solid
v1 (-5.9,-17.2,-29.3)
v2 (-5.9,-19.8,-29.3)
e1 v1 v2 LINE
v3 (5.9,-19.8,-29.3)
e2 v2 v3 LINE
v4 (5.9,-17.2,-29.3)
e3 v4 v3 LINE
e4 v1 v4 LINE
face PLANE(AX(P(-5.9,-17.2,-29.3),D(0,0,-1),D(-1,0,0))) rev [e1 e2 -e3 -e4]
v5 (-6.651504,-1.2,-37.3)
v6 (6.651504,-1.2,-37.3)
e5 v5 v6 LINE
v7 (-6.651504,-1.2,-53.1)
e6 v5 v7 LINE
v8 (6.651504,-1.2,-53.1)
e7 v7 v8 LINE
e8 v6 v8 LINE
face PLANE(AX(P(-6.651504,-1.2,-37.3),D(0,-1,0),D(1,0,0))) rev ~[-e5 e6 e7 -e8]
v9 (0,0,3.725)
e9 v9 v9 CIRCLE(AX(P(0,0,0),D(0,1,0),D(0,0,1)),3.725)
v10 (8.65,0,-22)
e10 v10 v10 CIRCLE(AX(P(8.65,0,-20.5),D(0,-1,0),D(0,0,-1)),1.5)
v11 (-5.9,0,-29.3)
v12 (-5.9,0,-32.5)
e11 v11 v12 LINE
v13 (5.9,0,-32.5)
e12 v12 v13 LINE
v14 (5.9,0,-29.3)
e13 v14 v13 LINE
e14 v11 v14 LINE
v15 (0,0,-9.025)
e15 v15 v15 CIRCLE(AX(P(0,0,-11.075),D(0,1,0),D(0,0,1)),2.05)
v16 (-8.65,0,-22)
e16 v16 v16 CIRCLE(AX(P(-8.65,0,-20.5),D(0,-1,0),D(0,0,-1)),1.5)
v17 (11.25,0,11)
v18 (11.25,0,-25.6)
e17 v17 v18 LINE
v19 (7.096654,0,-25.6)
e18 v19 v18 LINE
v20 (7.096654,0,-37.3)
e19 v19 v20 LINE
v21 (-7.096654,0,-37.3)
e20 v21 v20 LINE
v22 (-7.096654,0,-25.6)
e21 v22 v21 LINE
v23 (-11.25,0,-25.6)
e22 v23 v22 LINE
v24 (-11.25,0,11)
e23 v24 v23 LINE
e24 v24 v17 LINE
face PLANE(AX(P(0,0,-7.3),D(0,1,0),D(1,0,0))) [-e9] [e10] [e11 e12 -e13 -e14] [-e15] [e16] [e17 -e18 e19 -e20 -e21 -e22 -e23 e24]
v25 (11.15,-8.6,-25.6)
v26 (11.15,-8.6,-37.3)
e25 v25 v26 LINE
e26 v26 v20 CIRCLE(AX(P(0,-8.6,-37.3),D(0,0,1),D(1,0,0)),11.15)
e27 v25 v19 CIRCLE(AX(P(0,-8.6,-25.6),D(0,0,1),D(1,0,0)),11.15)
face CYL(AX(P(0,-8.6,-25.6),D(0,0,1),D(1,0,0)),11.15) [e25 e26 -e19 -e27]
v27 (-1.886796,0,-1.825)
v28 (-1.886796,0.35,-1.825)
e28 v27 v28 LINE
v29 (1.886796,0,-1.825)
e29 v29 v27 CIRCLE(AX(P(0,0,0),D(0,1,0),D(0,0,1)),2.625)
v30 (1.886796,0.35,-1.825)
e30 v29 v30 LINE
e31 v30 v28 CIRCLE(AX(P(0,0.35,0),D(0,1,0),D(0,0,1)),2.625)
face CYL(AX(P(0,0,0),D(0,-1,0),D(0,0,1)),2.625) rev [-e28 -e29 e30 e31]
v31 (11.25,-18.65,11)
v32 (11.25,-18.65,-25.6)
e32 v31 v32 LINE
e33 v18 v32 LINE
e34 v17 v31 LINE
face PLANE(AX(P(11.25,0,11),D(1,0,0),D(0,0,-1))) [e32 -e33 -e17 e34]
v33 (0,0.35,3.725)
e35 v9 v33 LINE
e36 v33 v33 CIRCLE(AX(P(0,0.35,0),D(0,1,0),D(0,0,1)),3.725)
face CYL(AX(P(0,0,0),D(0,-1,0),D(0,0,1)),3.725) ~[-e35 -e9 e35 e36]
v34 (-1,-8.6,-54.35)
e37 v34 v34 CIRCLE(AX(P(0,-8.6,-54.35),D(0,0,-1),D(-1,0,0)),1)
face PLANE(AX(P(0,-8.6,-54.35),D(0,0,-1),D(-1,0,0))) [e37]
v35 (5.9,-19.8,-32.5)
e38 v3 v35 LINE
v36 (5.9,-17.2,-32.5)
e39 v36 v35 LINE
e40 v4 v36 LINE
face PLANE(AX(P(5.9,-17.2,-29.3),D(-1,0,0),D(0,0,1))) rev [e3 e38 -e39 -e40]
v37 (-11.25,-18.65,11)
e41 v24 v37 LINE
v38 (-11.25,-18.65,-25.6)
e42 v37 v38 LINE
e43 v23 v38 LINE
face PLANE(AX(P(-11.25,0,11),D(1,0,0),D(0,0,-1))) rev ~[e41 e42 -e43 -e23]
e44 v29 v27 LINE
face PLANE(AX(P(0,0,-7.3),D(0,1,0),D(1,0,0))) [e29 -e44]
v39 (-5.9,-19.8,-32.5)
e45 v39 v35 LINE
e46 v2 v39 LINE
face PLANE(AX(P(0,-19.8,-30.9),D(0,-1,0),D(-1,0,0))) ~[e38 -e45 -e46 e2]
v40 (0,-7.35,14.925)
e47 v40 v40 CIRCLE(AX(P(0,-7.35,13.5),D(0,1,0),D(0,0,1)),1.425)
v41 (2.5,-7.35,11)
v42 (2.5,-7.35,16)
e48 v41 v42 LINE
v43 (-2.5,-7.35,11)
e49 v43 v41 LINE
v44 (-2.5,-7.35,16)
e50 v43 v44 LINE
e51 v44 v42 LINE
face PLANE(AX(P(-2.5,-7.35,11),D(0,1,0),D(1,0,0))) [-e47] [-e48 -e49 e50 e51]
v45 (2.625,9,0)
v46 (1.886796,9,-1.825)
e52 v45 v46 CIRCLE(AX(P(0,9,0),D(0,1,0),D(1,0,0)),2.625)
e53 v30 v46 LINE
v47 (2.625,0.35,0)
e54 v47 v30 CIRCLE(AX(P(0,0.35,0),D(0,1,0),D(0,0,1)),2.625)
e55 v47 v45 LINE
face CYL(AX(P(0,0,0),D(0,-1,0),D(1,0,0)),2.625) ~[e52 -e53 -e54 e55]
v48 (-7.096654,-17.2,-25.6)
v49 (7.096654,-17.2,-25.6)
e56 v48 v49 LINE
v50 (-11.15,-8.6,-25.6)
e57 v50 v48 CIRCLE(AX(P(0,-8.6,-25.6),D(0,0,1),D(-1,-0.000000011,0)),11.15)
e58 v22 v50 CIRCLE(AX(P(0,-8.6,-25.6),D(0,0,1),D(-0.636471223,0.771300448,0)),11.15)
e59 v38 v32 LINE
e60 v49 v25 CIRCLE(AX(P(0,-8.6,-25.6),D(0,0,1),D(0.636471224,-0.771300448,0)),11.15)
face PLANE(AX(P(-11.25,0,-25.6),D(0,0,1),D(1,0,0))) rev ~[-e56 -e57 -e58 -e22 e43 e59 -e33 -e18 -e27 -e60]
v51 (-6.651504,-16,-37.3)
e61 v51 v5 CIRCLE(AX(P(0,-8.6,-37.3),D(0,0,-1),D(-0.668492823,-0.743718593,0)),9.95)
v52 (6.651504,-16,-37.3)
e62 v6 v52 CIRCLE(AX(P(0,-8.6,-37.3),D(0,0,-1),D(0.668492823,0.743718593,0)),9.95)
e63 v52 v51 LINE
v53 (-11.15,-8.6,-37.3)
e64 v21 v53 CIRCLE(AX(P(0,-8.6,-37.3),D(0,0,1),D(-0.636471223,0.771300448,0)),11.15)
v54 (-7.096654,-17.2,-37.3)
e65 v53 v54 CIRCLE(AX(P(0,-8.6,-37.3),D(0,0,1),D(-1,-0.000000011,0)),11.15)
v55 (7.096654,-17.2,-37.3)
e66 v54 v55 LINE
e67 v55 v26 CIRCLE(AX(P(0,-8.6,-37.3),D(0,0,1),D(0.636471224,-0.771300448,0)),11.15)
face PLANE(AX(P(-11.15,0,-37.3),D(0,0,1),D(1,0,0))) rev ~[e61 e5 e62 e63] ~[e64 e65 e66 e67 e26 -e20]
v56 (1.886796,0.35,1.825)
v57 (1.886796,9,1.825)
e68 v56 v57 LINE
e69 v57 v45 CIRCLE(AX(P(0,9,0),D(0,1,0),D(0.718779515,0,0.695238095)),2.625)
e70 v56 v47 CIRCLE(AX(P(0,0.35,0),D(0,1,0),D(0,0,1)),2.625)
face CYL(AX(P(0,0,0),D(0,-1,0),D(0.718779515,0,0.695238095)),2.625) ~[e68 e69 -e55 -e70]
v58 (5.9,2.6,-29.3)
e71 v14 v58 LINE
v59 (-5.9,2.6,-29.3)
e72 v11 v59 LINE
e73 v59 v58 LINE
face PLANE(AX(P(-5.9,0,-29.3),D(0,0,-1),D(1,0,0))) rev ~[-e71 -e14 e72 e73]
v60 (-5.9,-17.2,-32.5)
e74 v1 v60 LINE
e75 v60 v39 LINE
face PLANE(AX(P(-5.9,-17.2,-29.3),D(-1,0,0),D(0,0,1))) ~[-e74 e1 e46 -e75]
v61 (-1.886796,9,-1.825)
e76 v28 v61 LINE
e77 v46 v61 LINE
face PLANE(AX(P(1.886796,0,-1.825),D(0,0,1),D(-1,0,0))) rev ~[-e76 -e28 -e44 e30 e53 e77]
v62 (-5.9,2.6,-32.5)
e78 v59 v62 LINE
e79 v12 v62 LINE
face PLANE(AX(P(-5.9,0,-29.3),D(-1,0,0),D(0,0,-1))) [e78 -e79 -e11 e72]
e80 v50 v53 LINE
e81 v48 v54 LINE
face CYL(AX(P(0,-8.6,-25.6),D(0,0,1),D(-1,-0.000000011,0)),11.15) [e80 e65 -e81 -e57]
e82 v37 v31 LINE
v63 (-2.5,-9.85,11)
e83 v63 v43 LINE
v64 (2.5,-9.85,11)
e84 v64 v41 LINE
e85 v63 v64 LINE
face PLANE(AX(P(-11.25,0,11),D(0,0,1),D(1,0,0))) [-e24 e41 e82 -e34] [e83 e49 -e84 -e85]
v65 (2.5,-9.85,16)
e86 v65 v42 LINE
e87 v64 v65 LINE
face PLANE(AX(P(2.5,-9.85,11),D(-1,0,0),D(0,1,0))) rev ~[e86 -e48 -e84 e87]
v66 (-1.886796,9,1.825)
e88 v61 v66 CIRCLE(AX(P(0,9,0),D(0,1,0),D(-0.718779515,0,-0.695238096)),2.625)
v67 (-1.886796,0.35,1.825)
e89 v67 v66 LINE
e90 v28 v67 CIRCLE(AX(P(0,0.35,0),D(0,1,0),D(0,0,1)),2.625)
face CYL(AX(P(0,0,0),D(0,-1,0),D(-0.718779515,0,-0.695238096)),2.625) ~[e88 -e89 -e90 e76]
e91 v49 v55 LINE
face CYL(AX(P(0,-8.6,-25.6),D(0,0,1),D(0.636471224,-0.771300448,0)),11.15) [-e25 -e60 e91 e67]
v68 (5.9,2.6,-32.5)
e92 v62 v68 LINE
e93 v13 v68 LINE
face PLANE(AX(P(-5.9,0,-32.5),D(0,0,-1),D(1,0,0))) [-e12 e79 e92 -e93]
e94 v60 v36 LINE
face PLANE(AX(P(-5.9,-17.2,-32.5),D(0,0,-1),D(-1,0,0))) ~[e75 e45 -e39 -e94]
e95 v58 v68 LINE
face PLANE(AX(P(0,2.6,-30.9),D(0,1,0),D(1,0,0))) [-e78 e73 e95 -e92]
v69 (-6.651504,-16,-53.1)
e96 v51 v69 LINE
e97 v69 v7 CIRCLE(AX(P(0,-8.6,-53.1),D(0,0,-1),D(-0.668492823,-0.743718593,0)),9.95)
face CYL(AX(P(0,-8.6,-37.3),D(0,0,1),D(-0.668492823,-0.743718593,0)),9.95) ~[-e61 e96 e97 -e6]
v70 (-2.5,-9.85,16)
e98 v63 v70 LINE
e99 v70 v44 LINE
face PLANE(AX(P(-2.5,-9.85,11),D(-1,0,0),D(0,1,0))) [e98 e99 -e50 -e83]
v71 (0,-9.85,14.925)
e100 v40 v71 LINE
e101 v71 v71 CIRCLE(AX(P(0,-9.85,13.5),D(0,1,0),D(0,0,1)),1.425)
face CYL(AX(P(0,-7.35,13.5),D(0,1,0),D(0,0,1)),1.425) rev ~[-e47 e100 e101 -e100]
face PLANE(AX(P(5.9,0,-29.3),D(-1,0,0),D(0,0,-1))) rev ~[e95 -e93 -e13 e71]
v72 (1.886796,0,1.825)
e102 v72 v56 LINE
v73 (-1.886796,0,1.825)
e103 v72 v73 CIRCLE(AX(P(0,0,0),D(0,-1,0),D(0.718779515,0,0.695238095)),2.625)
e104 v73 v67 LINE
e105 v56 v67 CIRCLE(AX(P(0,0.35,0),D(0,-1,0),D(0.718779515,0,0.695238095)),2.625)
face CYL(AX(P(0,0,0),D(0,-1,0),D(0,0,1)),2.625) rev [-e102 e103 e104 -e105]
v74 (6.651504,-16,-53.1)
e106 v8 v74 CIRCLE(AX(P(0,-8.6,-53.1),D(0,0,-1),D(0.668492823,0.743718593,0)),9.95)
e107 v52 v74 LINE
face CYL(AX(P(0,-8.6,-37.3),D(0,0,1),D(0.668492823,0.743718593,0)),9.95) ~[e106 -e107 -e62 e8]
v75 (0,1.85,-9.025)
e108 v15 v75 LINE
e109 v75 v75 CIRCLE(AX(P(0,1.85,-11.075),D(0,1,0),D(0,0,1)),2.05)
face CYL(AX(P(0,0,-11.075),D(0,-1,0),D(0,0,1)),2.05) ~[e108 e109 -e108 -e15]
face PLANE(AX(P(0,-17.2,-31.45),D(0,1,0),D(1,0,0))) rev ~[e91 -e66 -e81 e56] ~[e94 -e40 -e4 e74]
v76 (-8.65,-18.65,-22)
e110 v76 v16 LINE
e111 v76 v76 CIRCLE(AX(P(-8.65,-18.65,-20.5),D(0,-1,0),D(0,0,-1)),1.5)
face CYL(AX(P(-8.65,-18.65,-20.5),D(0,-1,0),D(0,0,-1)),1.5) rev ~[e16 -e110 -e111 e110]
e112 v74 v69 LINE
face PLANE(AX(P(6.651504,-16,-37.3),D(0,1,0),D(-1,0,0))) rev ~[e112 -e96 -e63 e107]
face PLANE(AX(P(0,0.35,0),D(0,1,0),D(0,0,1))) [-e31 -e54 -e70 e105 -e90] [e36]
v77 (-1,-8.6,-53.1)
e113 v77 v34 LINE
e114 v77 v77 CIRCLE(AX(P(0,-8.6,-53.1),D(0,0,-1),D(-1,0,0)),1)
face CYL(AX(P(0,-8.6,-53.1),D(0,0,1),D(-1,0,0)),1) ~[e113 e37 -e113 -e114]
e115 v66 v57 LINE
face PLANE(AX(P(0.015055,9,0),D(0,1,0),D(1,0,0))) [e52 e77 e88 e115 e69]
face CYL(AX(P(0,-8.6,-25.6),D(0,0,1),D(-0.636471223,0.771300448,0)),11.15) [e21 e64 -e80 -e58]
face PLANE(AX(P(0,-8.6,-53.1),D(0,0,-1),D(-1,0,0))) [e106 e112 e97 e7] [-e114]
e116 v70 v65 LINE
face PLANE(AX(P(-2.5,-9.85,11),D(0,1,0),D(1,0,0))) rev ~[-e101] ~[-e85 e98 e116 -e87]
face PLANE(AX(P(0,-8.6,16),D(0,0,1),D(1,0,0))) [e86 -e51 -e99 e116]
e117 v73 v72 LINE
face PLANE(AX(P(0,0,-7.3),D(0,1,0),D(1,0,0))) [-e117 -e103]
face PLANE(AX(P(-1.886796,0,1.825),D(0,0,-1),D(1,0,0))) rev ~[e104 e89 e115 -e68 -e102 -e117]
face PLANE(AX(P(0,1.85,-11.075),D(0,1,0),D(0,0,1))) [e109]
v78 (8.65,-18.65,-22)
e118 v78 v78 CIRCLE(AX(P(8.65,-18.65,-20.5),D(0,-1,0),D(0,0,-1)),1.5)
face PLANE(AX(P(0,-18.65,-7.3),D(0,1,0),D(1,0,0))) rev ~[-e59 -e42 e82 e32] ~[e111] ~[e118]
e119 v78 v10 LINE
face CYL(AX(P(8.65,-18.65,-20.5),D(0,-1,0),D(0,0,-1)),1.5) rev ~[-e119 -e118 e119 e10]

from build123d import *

# Parameters (mm, degrees)
SKETCH1_W           = 22.5
SKETCH1_H           = 36.6
BOSS_EXTRUDE1_DEPTH = 18.65
SKETCH1_3_W         = 22.3
SKETCH1_3_H         = 11.7
BOSS_EXTRUDE2_DEPTH = 17.2
SKETCH1_4_W         = 11.8
SKETCH1_4_H         = 3.2
BOSS_EXTRUDE3_DEPTH = 2.6
CUT_EXTRUDE1_REACH  = 44.59
BOSS_EXTRUDE4_DEPTH = 15.8
SKETCH5_R           = 1
BOSS_EXTRUDE5_DEPTH = 1.25
SKETCH6_W           = 5
SKETCH6_H           = 2.5
BOSS_EXTRUDE6_DEPTH = 5
CUT_EXTRUDE2_REACH  = 58.881
SKETCH7_R           = 1.425
SKETCH1_5_R         = 3.725
SKETCH1_5_R_2       = 2.625
BOSS_EXTRUDE7_DEPTH = 0.35
SKETCH1_6_R         = 2.05
BOSS_EXTRUDE8_DEPTH = 1.85
BOSS_EXTRUDE9_DEPTH = 9
CUT_EXTRUDE3_REACH  = 64.008
SKETCH8_R           = 1.5


with BuildPart() as part:
    # Sketch1 → Boss-Extrude1 (new body)
    with BuildSketch(Plane(origin=(0, 0, 0), x_dir=(1, 0, 0), z_dir=(0, 1, 0))):
        with Locations((0, 7.3)):
            Rectangle(SKETCH1_W, SKETCH1_H)
    extrude(amount=-BOSS_EXTRUDE1_DEPTH)

    # Sketch1<3> → Boss-Extrude2 (add)
    with BuildSketch(Plane(origin=(0, 0, 0), x_dir=(1, 0, 0), z_dir=(0, 1, 0))):
        with Locations((0, 31.45)):
            Rectangle(SKETCH1_3_W, SKETCH1_3_H)
    extrude(amount=-BOSS_EXTRUDE2_DEPTH)

    # Sketch1<4> → Boss-Extrude3 (add)
    with BuildSketch(Plane(origin=(0, 0, 0), x_dir=(1, 0, 0), z_dir=(0, 1, 0))):
        with Locations((0, 30.9)):
            Rectangle(SKETCH1_4_W, SKETCH1_4_H)
    boss_extrude3 = extrude(amount=BOSS_EXTRUDE3_DEPTH)

    # Sketch3 → Cut-Extrude1 (cut, up to next)
    with BuildSketch(Plane(origin=(0, 0, -25.6), x_dir=(-1, 0, 0), z_dir=(0, 0, -1)), mode=Mode.PRIVATE) as cut_extrude1_sk1:
        with BuildLine():
            ThreePointArc((11.15, -8.600000119), (10.085885996, -13.353672651), (7.096654141, -17.2))
            Line((7.096654141, -17.2), (11.15, -17.2))
            Line((11.15, -17.2), (11.15, -8.600000119))
        make_face()
    cut_extrude1_tool1 = extrude(cut_extrude1_sk1.sketch, amount=CUT_EXTRUDE1_REACH, mode=Mode.PRIVATE) & part.part
    # Sketch3 → Cut-Extrude1 (cut, up to next)
    with BuildSketch(Plane(origin=(0, 0, -25.6), x_dir=(-1, 0, 0), z_dir=(0, 0, -1)), mode=Mode.PRIVATE) as cut_extrude1_sk2:
        with BuildLine():
            Line((-11.15, -17.2), (-7.096654141, -17.2))
            ThreePointArc((-7.096654141, -17.2), (-10.085886021, -13.353672597), (-11.15, -8.6))
            Line((-11.15, -8.6), (-11.15, -17.2))
        make_face()
    cut_extrude1_tool2 = extrude(cut_extrude1_sk2.sketch, amount=CUT_EXTRUDE1_REACH, mode=Mode.PRIVATE) & part.part
    # Sketch3 → Cut-Extrude1 (cut, up to next)
    with BuildSketch(Plane(origin=(0, 0, -25.6), x_dir=(-1, 0, 0), z_dir=(0, 0, -1)), mode=Mode.PRIVATE) as cut_extrude1_sk3:
        with BuildLine():
            ThreePointArc((7.096654141, 0), (10.085886047, -3.846327457), (11.15, -8.600000119))
            Line((11.15, -8.600000119), (11.15, 0))
            Line((11.15, 0), (7.096654141, 0))
        make_face()
    cut_extrude1_tool3 = extrude(cut_extrude1_sk3.sketch, amount=CUT_EXTRUDE1_REACH, mode=Mode.PRIVATE) & part.part
    # Sketch3 → Cut-Extrude1 (cut, up to next)
    with BuildSketch(Plane(origin=(0, 0, -25.6), x_dir=(-1, 0, 0), z_dir=(0, 0, -1)), mode=Mode.PRIVATE) as cut_extrude1_sk4:
        with BuildLine():
            Line((-11.15, 0), (-11.15, -8.6))
            ThreePointArc((-11.15, -8.6), (-10.085886021, -3.846327403), (-7.096654141, 0))
            Line((-7.096654141, 0), (-11.15, 0))
        make_face()
    cut_extrude1_tool4 = extrude(cut_extrude1_sk4.sketch, amount=CUT_EXTRUDE1_REACH, mode=Mode.PRIVATE) & part.part
    add(cut_extrude1_tool1.solids().sort_by_distance((-9.984236, -15.135971, -25.6))[0], mode=Mode.SUBTRACT)
    add(cut_extrude1_tool2.solids().sort_by_distance((9.984236, -15.135971, -25.6))[0], mode=Mode.SUBTRACT)
    add(cut_extrude1_tool3.solids().sort_by_distance((-9.984236, -2.064029, -25.6))[0], mode=Mode.SUBTRACT)
    add(cut_extrude1_tool4.solids().sort_by_distance((9.984236, -2.064029, -25.6))[0], mode=Mode.SUBTRACT)

    # Sketch4 → Boss-Extrude4 (add)
    with BuildSketch(Plane(origin=(0, 0, -37.3), x_dir=(-1, 0, 0), z_dir=(0, 0, -1))):
        with BuildLine():
            Line((6.651503589, -1.2), (-6.651503589, -1.2))
            ThreePointArc((-6.651503589, -1.2), (-9.95, -8.6), (-6.651503589, -16))
            Line((-6.651503589, -16), (6.651503589, -16))
            ThreePointArc((6.651503589, -16), (9.95, -8.6), (6.651503589, -1.2))
        make_face()
    extrude(amount=BOSS_EXTRUDE4_DEPTH)

    # Sketch5 → Boss-Extrude5 (add)
    with BuildSketch(Plane(origin=(0, 0, -53.1), x_dir=(-1, 0, 0), z_dir=(0, 0, -1))):
        with Locations((0, -8.6)):
            Circle(SKETCH5_R)
    extrude(amount=BOSS_EXTRUDE5_DEPTH)

    # Mirror1: Boss-Extrude3 across plane
    add(boss_extrude3.mirror(Plane.ZX.offset(-8.6)))

    # Sketch6 → Boss-Extrude6 (add)
    with BuildSketch(Plane.XY.offset(11)):
        with Locations((0, -8.6)):
            Rectangle(SKETCH6_W, SKETCH6_H)
    extrude(amount=BOSS_EXTRUDE6_DEPTH)

    # Sketch7 → Cut-Extrude2 (cut, up to next)
    with BuildSketch(Plane(origin=(0, -7.35, 0), x_dir=(1, 0, 0), z_dir=(0, 1, 0)), mode=Mode.PRIVATE) as cut_extrude2_sk1:
        with Locations(Location((0, -13.5, 0), (0, 0, 270))):
            Circle(SKETCH7_R)
    cut_extrude2_tool1 = extrude(cut_extrude2_sk1.sketch, amount=-CUT_EXTRUDE2_REACH, mode=Mode.PRIVATE) & part.part
    add(cut_extrude2_tool1.solids().sort_by_distance((0, -7.35, 13.5))[0], mode=Mode.SUBTRACT)

    # Sketch1<5> → Boss-Extrude7 (add)
    with BuildSketch(Plane(origin=(0, 0, 0), x_dir=(1, 0, 0), z_dir=(0, 1, 0))):
        with Locations(Location((0, 0, 0), (0, 0, 270))):
            Circle(SKETCH1_5_R)
        with Locations(Location((0, 0, 0), (0, 0, 270))):
            Circle(SKETCH1_5_R_2, mode=Mode.SUBTRACT)
    extrude(amount=BOSS_EXTRUDE7_DEPTH)

    # Sketch1<6> → Boss-Extrude8 (add)
    with BuildSketch(Plane(origin=(0, 0, 0), x_dir=(1, 0, 0), z_dir=(0, 1, 0))):
        with Locations(Location((0, 11.075, 0), (0, 0, 270))):
            Circle(SKETCH1_6_R)
    extrude(amount=BOSS_EXTRUDE8_DEPTH)

    # Sketch1<7> → Boss-Extrude9 (add)
    with BuildSketch(Plane(origin=(0, 0, 0), x_dir=(1, 0, 0), z_dir=(0, 1, 0))):
        with BuildLine():
            ThreePointArc((-1.886796226, 1.825), (-2.625, 0), (-1.886796226, -1.825))
            Line((-1.886796226, -1.825), (1.886796226, -1.825))
            ThreePointArc((1.886796226, -1.825), (2.433461022, -0.984323348), (2.625, 0))
            ThreePointArc((2.625, 0), (2.433461022, 0.984323348), (1.886796226, 1.825))
            Line((1.886796226, 1.825), (-1.886796226, 1.825))
        make_face()
    extrude(amount=BOSS_EXTRUDE9_DEPTH)

    # Sketch8 → Cut-Extrude3 (cut, up to next)
    with BuildSketch(Plane.XZ.offset(18.65), mode=Mode.PRIVATE) as cut_extrude3_sk1:
        with Locations(Location((8.65, -20.5, 0), (0, 0, 270))):
            Circle(SKETCH8_R)
    cut_extrude3_tool1 = extrude(cut_extrude3_sk1.sketch, amount=-CUT_EXTRUDE3_REACH, mode=Mode.PRIVATE) & part.part
    # Sketch8 → Cut-Extrude3 (cut, up to next)
    with BuildSketch(Plane.XZ.offset(18.65), mode=Mode.PRIVATE) as cut_extrude3_sk2:
        with Locations(Location((-8.65, -20.5, 0), (0, 0, 270))):
            Circle(SKETCH8_R)
    cut_extrude3_tool2 = extrude(cut_extrude3_sk2.sketch, amount=-CUT_EXTRUDE3_REACH, mode=Mode.PRIVATE) & part.part
    add(cut_extrude3_tool1.solids().sort_by_distance((8.65, -18.65, -20.5))[0], mode=Mode.SUBTRACT)
    add(cut_extrude3_tool2.solids().sort_by_distance((-8.65, -18.65, -20.5))[0], mode=Mode.SUBTRACT)


solid = part.part
